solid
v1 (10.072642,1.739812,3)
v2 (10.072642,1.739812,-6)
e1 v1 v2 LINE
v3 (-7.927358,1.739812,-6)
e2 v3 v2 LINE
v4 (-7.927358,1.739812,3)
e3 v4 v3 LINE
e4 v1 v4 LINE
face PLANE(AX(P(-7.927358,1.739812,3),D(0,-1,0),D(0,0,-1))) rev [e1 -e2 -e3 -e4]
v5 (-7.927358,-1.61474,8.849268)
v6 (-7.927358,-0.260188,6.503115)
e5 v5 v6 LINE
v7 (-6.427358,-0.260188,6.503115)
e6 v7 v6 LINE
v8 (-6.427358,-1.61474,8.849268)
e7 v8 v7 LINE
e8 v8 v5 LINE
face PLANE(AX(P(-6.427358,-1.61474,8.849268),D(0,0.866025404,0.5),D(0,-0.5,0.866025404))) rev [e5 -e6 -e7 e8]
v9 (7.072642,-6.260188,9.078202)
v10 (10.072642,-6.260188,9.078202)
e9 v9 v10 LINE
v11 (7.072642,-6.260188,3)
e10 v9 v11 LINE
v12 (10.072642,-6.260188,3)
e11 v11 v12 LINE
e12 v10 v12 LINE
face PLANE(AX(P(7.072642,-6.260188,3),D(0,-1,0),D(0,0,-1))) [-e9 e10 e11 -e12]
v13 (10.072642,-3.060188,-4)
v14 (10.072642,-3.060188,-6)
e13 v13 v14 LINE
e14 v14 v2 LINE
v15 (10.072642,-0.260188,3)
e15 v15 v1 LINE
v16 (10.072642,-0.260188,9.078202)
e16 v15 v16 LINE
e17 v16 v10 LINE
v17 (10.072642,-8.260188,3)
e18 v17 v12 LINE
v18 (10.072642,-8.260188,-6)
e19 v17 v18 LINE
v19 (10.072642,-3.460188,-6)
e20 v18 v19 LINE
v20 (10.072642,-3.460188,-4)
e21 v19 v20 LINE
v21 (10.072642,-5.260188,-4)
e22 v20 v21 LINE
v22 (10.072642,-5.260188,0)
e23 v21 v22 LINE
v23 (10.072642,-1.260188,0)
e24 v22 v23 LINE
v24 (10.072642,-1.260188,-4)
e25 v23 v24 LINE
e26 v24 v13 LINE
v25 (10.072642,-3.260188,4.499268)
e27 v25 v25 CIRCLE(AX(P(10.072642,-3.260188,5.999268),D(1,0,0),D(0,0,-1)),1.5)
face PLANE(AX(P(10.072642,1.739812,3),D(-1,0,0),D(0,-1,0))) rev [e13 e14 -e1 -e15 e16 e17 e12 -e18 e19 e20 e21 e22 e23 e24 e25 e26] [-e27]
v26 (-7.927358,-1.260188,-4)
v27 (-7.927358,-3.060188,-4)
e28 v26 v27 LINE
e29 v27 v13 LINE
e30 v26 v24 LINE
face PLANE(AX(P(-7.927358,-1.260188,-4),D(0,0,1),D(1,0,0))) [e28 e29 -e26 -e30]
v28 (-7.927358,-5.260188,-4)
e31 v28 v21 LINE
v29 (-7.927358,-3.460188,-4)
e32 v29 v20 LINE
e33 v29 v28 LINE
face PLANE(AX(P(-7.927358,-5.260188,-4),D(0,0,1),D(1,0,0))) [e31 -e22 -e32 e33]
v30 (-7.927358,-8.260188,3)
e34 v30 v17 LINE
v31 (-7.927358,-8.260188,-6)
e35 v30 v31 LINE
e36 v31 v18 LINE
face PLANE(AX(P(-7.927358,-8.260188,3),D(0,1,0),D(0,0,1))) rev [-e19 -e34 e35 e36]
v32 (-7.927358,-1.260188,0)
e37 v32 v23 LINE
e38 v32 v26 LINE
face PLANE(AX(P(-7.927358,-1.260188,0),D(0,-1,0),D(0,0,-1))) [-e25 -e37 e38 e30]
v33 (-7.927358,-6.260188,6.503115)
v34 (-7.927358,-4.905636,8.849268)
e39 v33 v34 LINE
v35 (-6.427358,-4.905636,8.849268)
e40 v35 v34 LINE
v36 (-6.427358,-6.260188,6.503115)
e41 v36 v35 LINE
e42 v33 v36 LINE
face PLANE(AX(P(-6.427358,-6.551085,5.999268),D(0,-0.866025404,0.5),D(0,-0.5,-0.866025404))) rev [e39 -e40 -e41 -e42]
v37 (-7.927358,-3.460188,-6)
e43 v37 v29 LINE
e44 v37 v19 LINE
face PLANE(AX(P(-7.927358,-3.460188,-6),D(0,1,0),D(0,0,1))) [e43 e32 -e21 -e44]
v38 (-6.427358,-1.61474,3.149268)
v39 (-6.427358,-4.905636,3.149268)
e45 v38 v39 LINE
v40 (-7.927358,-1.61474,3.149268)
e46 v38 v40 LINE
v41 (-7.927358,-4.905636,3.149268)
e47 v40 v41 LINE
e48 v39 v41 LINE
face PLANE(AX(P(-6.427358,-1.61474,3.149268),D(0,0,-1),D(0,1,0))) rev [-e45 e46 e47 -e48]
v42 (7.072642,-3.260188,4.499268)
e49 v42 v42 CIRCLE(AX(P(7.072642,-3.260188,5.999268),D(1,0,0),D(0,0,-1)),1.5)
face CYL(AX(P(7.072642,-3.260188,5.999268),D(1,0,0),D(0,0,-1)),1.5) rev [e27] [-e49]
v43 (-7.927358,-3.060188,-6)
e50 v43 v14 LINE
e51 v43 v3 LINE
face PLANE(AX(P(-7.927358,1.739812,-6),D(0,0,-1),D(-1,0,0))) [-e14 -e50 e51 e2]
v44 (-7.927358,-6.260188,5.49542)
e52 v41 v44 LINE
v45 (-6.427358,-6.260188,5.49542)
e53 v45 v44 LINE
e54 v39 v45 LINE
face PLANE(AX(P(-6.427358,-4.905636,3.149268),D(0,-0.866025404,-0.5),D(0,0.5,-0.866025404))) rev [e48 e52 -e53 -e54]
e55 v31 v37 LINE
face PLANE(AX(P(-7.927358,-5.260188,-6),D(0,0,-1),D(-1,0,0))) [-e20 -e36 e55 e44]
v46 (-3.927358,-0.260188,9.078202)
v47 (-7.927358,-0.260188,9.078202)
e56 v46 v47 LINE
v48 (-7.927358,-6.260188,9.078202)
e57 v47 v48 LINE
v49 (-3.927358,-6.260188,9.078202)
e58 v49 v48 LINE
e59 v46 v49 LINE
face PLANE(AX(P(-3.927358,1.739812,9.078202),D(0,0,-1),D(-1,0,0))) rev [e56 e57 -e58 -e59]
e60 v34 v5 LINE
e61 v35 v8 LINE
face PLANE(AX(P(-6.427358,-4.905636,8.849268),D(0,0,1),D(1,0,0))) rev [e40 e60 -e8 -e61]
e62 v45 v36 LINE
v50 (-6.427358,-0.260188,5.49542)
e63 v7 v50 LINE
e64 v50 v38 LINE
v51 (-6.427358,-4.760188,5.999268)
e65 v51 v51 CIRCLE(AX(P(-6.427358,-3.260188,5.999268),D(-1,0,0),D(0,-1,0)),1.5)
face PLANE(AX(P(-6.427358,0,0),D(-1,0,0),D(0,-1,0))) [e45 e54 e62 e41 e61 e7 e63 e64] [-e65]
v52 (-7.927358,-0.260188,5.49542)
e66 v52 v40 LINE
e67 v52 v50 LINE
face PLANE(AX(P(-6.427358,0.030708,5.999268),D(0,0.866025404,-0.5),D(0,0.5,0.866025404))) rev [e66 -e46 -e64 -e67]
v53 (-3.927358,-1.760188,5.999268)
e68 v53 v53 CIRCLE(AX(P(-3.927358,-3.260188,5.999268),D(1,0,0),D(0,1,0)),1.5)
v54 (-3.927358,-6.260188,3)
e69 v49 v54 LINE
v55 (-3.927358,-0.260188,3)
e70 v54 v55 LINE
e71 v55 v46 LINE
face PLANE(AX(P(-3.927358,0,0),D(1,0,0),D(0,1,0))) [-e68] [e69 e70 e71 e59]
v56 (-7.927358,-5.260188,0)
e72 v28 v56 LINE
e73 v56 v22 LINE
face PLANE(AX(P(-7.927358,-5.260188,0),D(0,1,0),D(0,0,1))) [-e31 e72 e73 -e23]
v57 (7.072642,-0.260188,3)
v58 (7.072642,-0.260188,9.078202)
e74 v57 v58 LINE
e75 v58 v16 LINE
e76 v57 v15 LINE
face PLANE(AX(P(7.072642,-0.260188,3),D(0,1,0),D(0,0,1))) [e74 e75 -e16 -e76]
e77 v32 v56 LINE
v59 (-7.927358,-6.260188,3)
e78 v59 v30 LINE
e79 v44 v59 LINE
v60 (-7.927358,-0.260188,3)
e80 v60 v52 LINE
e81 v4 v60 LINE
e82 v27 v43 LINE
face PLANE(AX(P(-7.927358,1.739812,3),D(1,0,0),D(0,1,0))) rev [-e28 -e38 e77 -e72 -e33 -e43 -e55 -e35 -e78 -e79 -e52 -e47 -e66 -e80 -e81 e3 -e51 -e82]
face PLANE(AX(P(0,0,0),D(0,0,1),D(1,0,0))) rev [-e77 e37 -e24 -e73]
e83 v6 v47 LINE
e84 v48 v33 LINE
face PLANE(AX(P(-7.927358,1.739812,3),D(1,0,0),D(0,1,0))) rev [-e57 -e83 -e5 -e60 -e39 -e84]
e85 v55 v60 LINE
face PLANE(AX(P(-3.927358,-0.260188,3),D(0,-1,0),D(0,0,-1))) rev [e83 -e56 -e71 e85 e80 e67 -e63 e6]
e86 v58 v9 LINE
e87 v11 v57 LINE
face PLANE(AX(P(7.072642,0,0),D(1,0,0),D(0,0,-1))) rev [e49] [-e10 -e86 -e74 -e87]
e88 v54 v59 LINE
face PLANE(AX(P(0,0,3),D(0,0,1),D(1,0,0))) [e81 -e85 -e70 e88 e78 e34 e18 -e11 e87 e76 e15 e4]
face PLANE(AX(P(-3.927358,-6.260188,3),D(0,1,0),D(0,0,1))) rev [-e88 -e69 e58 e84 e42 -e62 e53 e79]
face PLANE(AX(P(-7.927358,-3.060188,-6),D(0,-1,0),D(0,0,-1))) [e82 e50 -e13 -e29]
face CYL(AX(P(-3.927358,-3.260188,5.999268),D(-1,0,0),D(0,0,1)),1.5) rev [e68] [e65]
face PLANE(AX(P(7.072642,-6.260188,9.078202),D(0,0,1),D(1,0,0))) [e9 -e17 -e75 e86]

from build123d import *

# Parameters (mm, degrees)
CROQUIS1_W              = 18
CROQUIS1_H              = 10
SALIENTE_EXTRUIR1_DEPTH = 3
CROQUIS2_W              = 6.078202003
CROQUIS2_H              = 6
CROQUIS2_R              = 1.5
SALIENTE_EXTRUIR2_DEPTH = 3
SALIENTE_EXTRUIR3_START = -18
CROQUIS2_2_W            = 6.078202003
CROQUIS2_2_H            = 6
CROQUIS2_2_R            = 1.5
SALIENTE_EXTRUIR3_DEPTH = 4
CORTAR_EXTRUIR1_DEPTH   = 1.5
SALIENTE_EXTRUIR4_DEPTH = 18


with BuildPart() as part:
    # Croquis1 → Saliente-Extruir1 (new body)
    with BuildSketch(Plane.XY):
        with Locations((1.07264213, -3.260188088)):
            Rectangle(CROQUIS1_W, CROQUIS1_H)
    extrude(amount=SALIENTE_EXTRUIR1_DEPTH)

    # Croquis2 → Saliente-Extruir2 (add)
    with BuildSketch(Plane(origin=(10.07264213, 0, 0), x_dir=(0, 0, -1), z_dir=(1, 0, 0))):
        with Locations((-6.039101002, -3.260188088)):
            Rectangle(CROQUIS2_W, CROQUIS2_H)
        with Locations((-5.99926787, -3.260188088)):
            Circle(CROQUIS2_R, mode=Mode.SUBTRACT)
    extrude(amount=-SALIENTE_EXTRUIR2_DEPTH)

    # Croquis2<2> → Saliente-Extruir3 (add)
    with BuildSketch(Plane(origin=(10.07264213, 0, 0), x_dir=(0, 0, -1), z_dir=(1, 0, 0)).offset(SALIENTE_EXTRUIR3_START)):
        with Locations((-6.039101002, -3.260188088)):
            Rectangle(CROQUIS2_2_W, CROQUIS2_2_H)
        with Locations((-5.99926787, -3.260188088)):
            Circle(CROQUIS2_2_R, mode=Mode.SUBTRACT)
    extrude(amount=SALIENTE_EXTRUIR3_DEPTH)

    # Croquis3 → Cortar-Extruir1 (cut)
    with BuildSketch(Plane.ZY.offset(7.92735787)):
        Polygon((5.99926787, -6.551084622), (8.84926787, -4.905636355), (8.84926787, -1.614739821), (5.99926787, 0.030708447), (3.14926787, -1.614739821), (3.14926787, -4.905636355), align=None)
    extrude(amount=-CORTAR_EXTRUIR1_DEPTH, mode=Mode.SUBTRACT)

    # Croquis4 → Saliente-Extruir4 (add)
    with BuildSketch(Plane(origin=(10.07264213, 0, 0), x_dir=(0, 0, -1), z_dir=(1, 0, 0))):
        Polygon((4, -1.260188088), (4, -3.060188088), (6, -3.060188088), (6, -1.260188088), (6, 1.739811912), (0, 1.739811912), (0, -1.260188088), align=None)
        Polygon((0, -8.260188088), (6, -8.260188088), (6, -5.260188088), (6, -3.460188088), (4, -3.460188088), (4, -5.260188088), (0, -5.260188088), align=None)
    extrude(amount=-SALIENTE_EXTRUIR4_DEPTH)


solid = part.part
